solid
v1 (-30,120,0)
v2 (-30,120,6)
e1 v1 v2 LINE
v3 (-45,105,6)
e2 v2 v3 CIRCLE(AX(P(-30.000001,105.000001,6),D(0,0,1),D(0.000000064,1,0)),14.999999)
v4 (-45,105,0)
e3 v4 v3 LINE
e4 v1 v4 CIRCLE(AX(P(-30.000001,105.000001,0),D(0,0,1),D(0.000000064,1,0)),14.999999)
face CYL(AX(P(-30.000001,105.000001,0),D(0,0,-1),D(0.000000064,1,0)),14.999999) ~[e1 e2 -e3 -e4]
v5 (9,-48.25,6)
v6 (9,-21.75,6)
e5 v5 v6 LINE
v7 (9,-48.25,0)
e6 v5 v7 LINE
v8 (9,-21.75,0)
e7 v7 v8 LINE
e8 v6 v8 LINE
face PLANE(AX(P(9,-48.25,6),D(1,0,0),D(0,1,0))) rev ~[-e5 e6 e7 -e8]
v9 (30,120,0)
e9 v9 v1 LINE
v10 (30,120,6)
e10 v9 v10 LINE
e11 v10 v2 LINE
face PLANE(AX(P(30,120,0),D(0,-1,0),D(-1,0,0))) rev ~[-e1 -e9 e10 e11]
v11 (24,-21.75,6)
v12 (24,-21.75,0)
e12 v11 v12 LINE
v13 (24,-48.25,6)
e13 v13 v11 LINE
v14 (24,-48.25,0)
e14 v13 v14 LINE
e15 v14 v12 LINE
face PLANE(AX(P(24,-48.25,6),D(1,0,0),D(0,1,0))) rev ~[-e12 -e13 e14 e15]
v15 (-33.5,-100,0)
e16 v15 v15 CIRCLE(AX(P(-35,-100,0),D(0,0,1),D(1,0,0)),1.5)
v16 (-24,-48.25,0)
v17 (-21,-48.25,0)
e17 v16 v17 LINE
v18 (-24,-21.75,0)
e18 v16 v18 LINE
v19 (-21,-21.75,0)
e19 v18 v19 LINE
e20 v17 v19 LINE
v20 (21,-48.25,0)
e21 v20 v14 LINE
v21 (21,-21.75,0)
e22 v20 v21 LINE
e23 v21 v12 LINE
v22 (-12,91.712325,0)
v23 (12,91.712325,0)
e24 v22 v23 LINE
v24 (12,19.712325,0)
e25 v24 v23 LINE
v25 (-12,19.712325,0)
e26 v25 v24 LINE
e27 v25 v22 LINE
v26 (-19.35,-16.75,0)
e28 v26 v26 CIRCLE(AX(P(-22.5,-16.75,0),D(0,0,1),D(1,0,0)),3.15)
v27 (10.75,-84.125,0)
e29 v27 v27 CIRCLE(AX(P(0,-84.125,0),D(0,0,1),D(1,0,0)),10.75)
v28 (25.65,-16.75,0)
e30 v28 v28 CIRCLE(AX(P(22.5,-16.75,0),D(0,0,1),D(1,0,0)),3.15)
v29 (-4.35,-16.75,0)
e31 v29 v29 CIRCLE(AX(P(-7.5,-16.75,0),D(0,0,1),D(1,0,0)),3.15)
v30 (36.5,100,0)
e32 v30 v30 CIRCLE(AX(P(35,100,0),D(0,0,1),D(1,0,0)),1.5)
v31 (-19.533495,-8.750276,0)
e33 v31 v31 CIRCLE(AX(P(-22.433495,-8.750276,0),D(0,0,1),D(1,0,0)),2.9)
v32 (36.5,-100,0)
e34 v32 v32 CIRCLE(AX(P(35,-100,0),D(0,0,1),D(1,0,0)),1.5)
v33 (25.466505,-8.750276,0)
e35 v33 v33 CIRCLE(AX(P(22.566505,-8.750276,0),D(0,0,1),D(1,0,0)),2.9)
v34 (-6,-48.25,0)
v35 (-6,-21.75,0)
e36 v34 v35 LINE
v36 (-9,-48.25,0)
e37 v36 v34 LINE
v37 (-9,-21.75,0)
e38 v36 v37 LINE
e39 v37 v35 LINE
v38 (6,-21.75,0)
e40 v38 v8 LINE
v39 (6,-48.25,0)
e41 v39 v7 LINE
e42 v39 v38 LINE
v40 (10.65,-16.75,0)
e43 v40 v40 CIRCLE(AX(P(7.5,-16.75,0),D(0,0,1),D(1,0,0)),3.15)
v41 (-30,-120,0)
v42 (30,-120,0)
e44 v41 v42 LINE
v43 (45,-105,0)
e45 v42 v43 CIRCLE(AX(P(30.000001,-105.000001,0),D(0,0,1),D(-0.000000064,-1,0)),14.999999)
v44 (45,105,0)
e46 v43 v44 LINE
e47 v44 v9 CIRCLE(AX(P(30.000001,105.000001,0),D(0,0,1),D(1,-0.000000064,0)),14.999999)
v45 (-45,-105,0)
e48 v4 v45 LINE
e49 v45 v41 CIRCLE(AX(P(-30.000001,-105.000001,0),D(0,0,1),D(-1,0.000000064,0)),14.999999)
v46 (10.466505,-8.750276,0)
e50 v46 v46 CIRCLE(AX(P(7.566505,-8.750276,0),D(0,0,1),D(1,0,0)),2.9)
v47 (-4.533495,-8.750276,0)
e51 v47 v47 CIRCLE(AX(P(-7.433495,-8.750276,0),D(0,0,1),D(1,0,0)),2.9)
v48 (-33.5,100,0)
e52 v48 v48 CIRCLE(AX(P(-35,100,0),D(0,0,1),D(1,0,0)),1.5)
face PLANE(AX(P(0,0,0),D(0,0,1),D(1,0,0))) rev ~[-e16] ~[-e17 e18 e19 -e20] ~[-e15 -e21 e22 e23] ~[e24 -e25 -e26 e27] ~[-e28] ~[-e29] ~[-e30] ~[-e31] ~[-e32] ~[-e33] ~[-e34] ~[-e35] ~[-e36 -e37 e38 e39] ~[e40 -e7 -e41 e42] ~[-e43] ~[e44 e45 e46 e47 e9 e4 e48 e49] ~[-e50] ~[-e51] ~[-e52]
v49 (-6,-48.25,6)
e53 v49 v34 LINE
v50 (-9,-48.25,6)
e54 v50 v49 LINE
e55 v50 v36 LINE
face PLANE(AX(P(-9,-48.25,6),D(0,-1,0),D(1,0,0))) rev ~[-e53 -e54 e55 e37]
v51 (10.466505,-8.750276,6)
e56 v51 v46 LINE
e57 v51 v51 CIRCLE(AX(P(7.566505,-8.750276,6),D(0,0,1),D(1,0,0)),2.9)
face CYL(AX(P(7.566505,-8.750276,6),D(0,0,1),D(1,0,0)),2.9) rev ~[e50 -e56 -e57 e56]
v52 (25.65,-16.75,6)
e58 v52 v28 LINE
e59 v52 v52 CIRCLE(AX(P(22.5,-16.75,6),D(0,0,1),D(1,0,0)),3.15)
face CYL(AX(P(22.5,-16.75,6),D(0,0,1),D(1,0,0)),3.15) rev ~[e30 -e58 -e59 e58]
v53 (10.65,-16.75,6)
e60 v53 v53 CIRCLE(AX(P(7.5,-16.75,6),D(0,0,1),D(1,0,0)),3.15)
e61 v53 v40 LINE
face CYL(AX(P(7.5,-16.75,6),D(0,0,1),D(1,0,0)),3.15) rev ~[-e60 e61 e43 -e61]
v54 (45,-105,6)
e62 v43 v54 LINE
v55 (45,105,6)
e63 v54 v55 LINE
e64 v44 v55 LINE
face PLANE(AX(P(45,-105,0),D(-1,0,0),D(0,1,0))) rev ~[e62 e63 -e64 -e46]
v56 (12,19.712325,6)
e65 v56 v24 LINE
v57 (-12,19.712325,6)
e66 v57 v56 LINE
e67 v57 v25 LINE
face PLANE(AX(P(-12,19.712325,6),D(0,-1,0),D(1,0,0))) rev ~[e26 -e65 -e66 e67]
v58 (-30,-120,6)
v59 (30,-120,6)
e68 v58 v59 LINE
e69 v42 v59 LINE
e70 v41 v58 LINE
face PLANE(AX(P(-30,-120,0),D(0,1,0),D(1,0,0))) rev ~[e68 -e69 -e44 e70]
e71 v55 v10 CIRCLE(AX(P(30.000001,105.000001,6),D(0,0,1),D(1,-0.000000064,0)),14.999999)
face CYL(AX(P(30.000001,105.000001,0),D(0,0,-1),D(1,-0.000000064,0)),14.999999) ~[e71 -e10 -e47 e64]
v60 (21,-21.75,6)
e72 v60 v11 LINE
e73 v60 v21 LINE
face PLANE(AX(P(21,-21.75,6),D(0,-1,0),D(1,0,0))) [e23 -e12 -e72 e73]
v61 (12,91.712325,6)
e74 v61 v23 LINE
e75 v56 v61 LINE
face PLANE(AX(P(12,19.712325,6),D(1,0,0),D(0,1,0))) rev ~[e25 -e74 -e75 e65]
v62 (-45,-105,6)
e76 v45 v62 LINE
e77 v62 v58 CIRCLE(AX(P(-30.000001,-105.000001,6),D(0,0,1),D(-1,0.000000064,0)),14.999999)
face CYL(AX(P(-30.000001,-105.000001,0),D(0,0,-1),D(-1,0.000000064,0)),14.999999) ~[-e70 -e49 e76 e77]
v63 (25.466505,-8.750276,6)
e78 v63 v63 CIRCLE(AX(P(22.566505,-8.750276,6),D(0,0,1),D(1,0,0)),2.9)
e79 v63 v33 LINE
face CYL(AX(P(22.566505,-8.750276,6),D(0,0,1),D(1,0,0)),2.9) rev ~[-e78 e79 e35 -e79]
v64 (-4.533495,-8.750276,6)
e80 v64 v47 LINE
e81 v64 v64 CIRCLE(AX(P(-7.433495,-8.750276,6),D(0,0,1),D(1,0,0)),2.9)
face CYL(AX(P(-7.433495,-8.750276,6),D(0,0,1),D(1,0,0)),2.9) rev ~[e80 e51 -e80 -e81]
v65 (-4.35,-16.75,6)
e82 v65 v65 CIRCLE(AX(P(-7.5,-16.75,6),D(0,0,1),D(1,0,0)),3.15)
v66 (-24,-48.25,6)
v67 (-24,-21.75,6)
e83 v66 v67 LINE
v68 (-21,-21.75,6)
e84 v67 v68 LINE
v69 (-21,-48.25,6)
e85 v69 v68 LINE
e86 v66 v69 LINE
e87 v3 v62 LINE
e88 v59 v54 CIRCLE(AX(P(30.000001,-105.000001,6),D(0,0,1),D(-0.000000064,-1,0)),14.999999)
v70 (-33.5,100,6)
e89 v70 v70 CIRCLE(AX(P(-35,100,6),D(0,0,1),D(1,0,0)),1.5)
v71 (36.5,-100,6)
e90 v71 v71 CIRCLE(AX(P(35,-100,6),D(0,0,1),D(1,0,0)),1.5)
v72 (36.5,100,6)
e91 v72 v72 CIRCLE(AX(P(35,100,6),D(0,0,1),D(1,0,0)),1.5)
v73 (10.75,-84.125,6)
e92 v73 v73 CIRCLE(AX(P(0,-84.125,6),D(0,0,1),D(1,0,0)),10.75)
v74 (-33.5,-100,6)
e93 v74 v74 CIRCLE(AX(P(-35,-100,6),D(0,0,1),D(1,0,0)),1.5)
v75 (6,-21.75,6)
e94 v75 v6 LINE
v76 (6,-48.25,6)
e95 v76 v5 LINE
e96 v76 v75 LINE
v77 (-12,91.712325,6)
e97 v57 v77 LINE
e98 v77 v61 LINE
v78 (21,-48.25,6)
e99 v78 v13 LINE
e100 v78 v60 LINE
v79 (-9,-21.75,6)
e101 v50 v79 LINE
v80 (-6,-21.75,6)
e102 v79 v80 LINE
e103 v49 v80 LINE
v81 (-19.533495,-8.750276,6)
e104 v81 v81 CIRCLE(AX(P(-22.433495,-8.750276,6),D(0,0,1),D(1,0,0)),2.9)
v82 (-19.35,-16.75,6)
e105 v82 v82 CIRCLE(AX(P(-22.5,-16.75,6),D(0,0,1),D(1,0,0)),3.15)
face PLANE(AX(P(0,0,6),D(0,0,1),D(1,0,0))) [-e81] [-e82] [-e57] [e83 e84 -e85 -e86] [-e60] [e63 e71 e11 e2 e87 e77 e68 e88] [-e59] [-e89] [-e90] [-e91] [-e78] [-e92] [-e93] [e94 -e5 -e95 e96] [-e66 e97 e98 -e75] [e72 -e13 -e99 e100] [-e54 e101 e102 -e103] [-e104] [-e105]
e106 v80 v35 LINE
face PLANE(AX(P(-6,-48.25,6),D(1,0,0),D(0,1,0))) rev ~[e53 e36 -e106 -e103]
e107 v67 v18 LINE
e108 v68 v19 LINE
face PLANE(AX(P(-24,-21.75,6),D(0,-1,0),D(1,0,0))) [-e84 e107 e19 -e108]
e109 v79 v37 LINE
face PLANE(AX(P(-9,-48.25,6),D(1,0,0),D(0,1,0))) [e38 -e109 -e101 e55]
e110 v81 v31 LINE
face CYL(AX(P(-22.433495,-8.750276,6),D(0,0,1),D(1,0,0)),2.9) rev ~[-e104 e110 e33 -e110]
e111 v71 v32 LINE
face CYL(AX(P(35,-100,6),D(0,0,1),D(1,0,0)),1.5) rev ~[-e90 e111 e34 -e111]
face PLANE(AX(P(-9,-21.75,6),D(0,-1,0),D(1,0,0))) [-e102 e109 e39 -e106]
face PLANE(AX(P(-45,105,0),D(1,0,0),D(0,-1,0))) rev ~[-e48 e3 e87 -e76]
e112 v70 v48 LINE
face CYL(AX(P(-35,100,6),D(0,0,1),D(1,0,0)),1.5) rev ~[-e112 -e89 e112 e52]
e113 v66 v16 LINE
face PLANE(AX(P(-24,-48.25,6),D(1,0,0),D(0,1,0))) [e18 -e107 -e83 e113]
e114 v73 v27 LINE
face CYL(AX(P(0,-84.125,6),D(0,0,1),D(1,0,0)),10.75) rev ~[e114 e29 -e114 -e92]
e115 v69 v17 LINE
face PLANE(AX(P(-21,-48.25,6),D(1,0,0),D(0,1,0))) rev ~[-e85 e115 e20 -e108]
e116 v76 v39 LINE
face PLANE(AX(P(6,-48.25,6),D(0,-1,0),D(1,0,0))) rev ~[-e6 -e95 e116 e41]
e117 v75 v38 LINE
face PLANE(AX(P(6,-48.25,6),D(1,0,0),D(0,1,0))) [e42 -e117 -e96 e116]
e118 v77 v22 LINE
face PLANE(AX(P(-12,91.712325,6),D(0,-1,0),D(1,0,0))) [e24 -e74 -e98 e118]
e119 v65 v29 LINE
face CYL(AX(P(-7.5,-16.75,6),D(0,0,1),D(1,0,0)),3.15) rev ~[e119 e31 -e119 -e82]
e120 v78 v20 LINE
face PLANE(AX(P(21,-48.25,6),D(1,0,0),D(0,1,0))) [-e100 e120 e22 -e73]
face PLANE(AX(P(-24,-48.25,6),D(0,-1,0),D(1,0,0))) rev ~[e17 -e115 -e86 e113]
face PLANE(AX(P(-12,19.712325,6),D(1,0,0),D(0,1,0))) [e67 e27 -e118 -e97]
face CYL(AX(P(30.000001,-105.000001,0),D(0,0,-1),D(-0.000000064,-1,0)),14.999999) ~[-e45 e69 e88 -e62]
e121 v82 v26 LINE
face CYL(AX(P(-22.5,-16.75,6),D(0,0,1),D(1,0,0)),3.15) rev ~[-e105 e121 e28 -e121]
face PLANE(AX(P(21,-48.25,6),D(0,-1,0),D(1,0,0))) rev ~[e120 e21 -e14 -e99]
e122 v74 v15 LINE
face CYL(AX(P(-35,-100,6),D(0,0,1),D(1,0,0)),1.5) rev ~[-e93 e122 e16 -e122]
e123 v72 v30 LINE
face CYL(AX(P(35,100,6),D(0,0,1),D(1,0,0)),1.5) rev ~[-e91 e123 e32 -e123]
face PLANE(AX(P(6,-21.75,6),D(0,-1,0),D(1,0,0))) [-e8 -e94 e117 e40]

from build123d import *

# Parameters (mm, degrees)
F1_DEPTH = 6
F2_W     = 24
F2_H     = 72
F3_DEPTH = 6
F4_W     = 3
F4_H     = 26.5
F4_R     = 2.9
F4_R_2   = 3.15
F5_DEPTH = 6
F6_R     = 10.75
F7_DEPTH = 6
F8_R     = 1.5
F9_DEPTH = 6


with BuildPart() as f1:
    # F0 (on Top) → F1 (new body)
    with BuildSketch(Plane.XY):
        with BuildLine():
            Line((-30, -120), (30, -120))
            ThreePointArc((30, -120), (40.606602, -115.606602), (45, -105))
            Line((45, -105), (45, 105))
            ThreePointArc((45, 105), (40.606602, 115.606602), (30, 120))
            Line((30, 120), (-30, 120))
            ThreePointArc((-30, 120), (-40.606602, 115.606602), (-45, 105))
            Line((-45, 105), (-45, -105))
            ThreePointArc((-45, -105), (-40.606602, -115.606602), (-30, -120))
        make_face()
    extrude(amount=F1_DEPTH)

    # F2 (on face) → F3 (cut, through all)
    with BuildSketch(Plane.XY.offset(6)):
        with Locations((0, 55.712325)):
            Rectangle(F2_W, F2_H)
    extrude(amount=-F3_DEPTH, mode=Mode.SUBTRACT)

    # F4 (on face) → F5 (cut, through all)
    with BuildSketch(Plane.XY.offset(6)):
        with Locations((-22.5, -35)):
            Rectangle(F4_W, F4_H)
        with Locations((-22.433495, -8.750276)):
            Circle(F4_R)
        with Locations((-22.5, -16.75)):
            Circle(F4_R_2)
        with Locations((-7.5, -16.75)):
            Circle(F4_R_2)
        with Locations((-7.5, -35)):
            Rectangle(F4_W, F4_H)
        with Locations((-7.433495, -8.750276)):
            Circle(F4_R)
        with Locations((7.5, -16.75)):
            Circle(F4_R_2)
        with Locations((7.5, -35)):
            Rectangle(F4_W, F4_H)
        with Locations((7.566505, -8.750276)):
            Circle(F4_R)
        with Locations((22.5, -16.75)):
            Circle(F4_R_2)
        with Locations((22.5, -35)):
            Rectangle(F4_W, F4_H)
        with Locations((22.566505, -8.750276)):
            Circle(F4_R)
    extrude(amount=-F5_DEPTH, mode=Mode.SUBTRACT)

    # F6 (on face) → F7 (cut, through all)
    with BuildSketch(Plane.XY.offset(6)):
        with Locations((0, -84.125)):
            Circle(F6_R)
    extrude(amount=-F7_DEPTH, mode=Mode.SUBTRACT)

    # F8 (on face) → F9 (cut, through all)
    with BuildSketch(Plane.XY.offset(6)):
        with Locations((-35, -100)):
            Circle(F8_R)
        with Locations((35, -100)):
            Circle(F8_R)
        with Locations((35, 100)):
            Circle(F8_R)
        with Locations((-35, 100)):
            Circle(F8_R)
    extrude(amount=-F9_DEPTH, mode=Mode.SUBTRACT)


solid = f1.part
